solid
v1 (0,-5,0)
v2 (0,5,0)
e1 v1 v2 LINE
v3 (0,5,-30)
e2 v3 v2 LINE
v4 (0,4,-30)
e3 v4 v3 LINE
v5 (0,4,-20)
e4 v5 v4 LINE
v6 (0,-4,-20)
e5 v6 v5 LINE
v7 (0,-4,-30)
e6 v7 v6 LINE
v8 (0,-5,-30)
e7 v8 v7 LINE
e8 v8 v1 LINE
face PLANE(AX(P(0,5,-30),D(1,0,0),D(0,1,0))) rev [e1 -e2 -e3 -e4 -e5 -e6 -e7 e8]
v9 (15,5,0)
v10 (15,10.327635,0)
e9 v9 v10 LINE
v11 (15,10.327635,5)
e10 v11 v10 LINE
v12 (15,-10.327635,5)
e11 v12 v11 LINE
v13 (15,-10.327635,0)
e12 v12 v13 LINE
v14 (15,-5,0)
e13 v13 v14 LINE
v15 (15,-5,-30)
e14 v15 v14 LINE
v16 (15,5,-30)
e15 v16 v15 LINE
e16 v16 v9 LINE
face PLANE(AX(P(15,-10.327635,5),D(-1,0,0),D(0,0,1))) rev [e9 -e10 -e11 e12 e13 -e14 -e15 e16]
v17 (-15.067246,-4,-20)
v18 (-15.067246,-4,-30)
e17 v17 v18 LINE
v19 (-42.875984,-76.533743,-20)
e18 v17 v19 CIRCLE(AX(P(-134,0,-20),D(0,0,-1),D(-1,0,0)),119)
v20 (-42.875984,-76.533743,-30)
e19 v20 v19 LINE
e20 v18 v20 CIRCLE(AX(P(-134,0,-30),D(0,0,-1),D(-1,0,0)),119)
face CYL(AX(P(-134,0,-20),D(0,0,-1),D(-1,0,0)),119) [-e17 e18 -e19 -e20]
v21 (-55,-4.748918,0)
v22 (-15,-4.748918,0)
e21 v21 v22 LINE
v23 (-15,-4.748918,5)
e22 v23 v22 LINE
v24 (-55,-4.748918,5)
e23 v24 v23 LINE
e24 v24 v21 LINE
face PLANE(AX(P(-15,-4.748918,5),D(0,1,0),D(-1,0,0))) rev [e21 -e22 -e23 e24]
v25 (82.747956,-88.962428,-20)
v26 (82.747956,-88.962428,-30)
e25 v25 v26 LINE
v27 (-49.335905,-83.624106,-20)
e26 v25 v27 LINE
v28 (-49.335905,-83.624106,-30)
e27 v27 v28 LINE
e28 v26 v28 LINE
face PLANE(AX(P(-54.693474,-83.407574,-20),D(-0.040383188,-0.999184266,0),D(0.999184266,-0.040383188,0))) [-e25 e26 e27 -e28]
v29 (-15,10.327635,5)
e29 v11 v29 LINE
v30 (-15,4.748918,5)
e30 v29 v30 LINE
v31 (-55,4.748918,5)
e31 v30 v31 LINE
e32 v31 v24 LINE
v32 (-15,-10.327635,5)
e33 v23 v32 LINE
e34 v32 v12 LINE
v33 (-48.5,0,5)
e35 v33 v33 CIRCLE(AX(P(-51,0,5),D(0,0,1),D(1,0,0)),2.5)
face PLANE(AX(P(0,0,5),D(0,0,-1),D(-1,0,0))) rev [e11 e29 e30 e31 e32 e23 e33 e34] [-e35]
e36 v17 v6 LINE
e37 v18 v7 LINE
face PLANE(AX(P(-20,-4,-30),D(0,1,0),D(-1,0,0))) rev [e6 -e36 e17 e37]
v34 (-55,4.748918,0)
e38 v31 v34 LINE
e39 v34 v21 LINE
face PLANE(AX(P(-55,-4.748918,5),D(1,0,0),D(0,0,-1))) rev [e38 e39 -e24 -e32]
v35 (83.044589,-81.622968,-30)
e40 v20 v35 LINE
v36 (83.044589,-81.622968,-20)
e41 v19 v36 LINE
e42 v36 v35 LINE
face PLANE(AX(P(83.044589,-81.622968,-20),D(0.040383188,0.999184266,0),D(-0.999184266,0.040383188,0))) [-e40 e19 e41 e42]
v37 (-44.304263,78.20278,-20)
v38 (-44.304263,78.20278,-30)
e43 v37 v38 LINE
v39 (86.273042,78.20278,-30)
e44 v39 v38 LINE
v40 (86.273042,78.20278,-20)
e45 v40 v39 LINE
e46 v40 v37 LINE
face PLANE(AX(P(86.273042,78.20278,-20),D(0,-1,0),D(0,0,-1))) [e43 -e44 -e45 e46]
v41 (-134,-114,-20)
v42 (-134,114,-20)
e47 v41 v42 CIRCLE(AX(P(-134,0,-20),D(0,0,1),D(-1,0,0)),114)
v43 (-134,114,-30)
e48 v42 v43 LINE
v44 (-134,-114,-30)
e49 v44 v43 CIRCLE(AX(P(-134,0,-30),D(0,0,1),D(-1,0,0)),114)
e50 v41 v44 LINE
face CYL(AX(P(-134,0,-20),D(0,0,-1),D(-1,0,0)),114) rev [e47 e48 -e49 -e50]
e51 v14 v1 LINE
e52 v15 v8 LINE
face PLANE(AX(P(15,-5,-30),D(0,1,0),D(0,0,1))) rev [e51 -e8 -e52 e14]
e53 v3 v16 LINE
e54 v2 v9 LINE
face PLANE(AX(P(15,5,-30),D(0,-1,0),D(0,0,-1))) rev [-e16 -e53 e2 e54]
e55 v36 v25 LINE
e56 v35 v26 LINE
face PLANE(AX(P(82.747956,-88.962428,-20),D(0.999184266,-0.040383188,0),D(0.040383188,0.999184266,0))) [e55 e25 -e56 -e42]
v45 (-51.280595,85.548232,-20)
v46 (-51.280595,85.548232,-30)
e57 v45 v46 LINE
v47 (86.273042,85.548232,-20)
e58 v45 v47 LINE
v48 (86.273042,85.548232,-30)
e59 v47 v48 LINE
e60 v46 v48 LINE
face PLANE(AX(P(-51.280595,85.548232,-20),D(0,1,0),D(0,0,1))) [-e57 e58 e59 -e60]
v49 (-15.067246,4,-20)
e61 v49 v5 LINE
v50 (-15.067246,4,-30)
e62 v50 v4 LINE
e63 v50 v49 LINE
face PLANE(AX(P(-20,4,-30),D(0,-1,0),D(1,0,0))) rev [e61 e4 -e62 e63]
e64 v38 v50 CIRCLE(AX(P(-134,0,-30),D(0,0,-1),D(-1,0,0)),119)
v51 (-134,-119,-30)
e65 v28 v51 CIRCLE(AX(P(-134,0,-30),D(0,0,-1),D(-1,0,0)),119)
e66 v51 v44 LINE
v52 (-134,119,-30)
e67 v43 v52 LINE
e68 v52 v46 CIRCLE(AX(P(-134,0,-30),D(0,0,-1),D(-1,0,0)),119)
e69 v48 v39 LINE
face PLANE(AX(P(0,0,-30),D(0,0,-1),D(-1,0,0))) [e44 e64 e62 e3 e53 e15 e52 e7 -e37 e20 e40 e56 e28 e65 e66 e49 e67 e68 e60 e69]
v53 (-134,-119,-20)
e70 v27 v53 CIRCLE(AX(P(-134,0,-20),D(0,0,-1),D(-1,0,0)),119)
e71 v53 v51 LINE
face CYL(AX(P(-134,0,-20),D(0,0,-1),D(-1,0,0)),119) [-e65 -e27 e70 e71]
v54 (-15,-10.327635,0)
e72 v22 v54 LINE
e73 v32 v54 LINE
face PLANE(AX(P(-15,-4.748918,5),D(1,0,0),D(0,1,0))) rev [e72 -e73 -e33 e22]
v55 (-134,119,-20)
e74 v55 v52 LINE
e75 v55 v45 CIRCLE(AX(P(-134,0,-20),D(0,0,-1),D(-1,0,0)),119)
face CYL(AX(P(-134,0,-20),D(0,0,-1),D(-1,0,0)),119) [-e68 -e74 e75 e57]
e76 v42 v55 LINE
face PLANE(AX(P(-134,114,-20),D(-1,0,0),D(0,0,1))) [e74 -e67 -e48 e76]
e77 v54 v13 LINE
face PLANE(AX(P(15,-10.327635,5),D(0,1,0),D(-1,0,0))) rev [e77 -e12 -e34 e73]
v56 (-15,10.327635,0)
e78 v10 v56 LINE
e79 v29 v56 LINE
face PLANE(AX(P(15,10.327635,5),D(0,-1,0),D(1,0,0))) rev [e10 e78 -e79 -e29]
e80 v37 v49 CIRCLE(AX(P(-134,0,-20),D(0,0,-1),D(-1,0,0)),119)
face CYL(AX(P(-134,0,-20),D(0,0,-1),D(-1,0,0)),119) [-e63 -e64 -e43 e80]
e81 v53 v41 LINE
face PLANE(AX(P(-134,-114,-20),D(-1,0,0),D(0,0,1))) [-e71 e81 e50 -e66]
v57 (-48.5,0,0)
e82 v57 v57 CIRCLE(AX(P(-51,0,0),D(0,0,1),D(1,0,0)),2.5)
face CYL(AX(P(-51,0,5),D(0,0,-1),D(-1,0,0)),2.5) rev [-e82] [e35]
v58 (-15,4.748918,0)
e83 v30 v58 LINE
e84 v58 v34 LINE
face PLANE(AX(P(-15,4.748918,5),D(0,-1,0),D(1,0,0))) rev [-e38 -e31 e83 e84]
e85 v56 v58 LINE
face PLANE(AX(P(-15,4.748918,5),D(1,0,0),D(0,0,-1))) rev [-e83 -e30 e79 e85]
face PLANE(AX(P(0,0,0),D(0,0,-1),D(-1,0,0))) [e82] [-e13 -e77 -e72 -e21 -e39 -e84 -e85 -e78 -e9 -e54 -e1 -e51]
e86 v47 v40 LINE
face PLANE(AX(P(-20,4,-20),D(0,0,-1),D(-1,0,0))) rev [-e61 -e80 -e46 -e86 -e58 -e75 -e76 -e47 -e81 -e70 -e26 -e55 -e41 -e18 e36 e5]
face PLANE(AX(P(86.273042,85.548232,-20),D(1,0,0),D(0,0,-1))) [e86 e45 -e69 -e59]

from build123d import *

# Parameters (mm, degrees)
SKETCH1_R           = 2.5
BOSS_EXTRUDE1_DEPTH = 5
SKETCH2_W           = 15
SKETCH2_H           = 10
BOSS_EXTRUDE2_DEPTH = 30
SKETCH3_W           = 10
SKETCH3_H           = 8
BOSS_EXTRUDE3_DEPTH = 20
BOSS_EXTRUDE5_DEPTH = 10
BOSS_EXTRUDE6_DEPTH = 10


with BuildPart() as part:
    # Sketch1 → Boss-Extrude1 (new body)
    with BuildSketch(Plane.XY):
        Polygon((-15, 4.74891783), (-15, 10.327635328), (15, 10.327635328), (15, -10.327635328), (-15, -10.327635328), (-15, -4.74891783), (-55, -4.74891783), (-55, 4.74891783), align=None)
        with Locations((-51, 0)):
            Circle(SKETCH1_R, mode=Mode.SUBTRACT)
    extrude(amount=BOSS_EXTRUDE1_DEPTH)

    # Sketch2 → Boss-Extrude2 (add)
    with BuildSketch(Plane(origin=(0, 0, 0), x_dir=(-1, 0, 0), z_dir=(0, 0, -1))):
        with Locations((-7.5, 0)):
            Rectangle(SKETCH2_W, SKETCH2_H)
    extrude(amount=BOSS_EXTRUDE2_DEPTH)

    # Sketch3 → Boss-Extrude3 (add)
    with BuildSketch(Plane.ZY):
        with Locations((-25, 0)):
            Rectangle(SKETCH3_W, SKETCH3_H)
    extrude(amount=BOSS_EXTRUDE3_DEPTH)

    # Sketch5 → Boss-Extrude5 (add)
    with BuildSketch(Plane(origin=(0, 0, -30), x_dir=(-1, 0, 0), z_dir=(0, 0, -1))):
        with BuildLine():
            Line((134, -114), (134, -119))
            ThreePointArc((134, -119), (15, 0), (134, 119))
            Line((134, 119), (134, 114))
            ThreePointArc((134, 114), (20, 0), (134, -114))
        make_face()
    extrude(amount=-BOSS_EXTRUDE5_DEPTH)

    # Sketch6 → Boss-Extrude6 (add)
    with BuildSketch(Plane(origin=(0, 0, -30), x_dir=(-1, 0, 0), z_dir=(0, 0, -1))):
        with BuildLine():
            Line((51.28059478, 85.54823201), (-86.273042092, 85.54823201))
            Line((-86.273042092, 85.54823201), (-86.273042092, 78.202780321))
            Line((-86.273042092, 78.202780321), (44.304263479, 78.202780321))
            ThreePointArc((44.304263479, 78.202780321), (47.714229501, 81.94977614), (51.28059478, 85.54823201))
        make_face()
        with BuildLine():
            Line((-83.044588659, -81.622968191), (47.426200609, -76.349840264))
            ThreePointArc((47.426200609, -76.349840264), (50.984700645, -79.956074232), (54.69347384, -83.407573519))
            Line((54.69347384, -83.407573519), (-82.7479559, -88.962427947))
            Line((-82.7479559, -88.962427947), (-83.044588659, -81.622968191))
        make_face()
    extrude(amount=-BOSS_EXTRUDE6_DEPTH)


solid = part.part
